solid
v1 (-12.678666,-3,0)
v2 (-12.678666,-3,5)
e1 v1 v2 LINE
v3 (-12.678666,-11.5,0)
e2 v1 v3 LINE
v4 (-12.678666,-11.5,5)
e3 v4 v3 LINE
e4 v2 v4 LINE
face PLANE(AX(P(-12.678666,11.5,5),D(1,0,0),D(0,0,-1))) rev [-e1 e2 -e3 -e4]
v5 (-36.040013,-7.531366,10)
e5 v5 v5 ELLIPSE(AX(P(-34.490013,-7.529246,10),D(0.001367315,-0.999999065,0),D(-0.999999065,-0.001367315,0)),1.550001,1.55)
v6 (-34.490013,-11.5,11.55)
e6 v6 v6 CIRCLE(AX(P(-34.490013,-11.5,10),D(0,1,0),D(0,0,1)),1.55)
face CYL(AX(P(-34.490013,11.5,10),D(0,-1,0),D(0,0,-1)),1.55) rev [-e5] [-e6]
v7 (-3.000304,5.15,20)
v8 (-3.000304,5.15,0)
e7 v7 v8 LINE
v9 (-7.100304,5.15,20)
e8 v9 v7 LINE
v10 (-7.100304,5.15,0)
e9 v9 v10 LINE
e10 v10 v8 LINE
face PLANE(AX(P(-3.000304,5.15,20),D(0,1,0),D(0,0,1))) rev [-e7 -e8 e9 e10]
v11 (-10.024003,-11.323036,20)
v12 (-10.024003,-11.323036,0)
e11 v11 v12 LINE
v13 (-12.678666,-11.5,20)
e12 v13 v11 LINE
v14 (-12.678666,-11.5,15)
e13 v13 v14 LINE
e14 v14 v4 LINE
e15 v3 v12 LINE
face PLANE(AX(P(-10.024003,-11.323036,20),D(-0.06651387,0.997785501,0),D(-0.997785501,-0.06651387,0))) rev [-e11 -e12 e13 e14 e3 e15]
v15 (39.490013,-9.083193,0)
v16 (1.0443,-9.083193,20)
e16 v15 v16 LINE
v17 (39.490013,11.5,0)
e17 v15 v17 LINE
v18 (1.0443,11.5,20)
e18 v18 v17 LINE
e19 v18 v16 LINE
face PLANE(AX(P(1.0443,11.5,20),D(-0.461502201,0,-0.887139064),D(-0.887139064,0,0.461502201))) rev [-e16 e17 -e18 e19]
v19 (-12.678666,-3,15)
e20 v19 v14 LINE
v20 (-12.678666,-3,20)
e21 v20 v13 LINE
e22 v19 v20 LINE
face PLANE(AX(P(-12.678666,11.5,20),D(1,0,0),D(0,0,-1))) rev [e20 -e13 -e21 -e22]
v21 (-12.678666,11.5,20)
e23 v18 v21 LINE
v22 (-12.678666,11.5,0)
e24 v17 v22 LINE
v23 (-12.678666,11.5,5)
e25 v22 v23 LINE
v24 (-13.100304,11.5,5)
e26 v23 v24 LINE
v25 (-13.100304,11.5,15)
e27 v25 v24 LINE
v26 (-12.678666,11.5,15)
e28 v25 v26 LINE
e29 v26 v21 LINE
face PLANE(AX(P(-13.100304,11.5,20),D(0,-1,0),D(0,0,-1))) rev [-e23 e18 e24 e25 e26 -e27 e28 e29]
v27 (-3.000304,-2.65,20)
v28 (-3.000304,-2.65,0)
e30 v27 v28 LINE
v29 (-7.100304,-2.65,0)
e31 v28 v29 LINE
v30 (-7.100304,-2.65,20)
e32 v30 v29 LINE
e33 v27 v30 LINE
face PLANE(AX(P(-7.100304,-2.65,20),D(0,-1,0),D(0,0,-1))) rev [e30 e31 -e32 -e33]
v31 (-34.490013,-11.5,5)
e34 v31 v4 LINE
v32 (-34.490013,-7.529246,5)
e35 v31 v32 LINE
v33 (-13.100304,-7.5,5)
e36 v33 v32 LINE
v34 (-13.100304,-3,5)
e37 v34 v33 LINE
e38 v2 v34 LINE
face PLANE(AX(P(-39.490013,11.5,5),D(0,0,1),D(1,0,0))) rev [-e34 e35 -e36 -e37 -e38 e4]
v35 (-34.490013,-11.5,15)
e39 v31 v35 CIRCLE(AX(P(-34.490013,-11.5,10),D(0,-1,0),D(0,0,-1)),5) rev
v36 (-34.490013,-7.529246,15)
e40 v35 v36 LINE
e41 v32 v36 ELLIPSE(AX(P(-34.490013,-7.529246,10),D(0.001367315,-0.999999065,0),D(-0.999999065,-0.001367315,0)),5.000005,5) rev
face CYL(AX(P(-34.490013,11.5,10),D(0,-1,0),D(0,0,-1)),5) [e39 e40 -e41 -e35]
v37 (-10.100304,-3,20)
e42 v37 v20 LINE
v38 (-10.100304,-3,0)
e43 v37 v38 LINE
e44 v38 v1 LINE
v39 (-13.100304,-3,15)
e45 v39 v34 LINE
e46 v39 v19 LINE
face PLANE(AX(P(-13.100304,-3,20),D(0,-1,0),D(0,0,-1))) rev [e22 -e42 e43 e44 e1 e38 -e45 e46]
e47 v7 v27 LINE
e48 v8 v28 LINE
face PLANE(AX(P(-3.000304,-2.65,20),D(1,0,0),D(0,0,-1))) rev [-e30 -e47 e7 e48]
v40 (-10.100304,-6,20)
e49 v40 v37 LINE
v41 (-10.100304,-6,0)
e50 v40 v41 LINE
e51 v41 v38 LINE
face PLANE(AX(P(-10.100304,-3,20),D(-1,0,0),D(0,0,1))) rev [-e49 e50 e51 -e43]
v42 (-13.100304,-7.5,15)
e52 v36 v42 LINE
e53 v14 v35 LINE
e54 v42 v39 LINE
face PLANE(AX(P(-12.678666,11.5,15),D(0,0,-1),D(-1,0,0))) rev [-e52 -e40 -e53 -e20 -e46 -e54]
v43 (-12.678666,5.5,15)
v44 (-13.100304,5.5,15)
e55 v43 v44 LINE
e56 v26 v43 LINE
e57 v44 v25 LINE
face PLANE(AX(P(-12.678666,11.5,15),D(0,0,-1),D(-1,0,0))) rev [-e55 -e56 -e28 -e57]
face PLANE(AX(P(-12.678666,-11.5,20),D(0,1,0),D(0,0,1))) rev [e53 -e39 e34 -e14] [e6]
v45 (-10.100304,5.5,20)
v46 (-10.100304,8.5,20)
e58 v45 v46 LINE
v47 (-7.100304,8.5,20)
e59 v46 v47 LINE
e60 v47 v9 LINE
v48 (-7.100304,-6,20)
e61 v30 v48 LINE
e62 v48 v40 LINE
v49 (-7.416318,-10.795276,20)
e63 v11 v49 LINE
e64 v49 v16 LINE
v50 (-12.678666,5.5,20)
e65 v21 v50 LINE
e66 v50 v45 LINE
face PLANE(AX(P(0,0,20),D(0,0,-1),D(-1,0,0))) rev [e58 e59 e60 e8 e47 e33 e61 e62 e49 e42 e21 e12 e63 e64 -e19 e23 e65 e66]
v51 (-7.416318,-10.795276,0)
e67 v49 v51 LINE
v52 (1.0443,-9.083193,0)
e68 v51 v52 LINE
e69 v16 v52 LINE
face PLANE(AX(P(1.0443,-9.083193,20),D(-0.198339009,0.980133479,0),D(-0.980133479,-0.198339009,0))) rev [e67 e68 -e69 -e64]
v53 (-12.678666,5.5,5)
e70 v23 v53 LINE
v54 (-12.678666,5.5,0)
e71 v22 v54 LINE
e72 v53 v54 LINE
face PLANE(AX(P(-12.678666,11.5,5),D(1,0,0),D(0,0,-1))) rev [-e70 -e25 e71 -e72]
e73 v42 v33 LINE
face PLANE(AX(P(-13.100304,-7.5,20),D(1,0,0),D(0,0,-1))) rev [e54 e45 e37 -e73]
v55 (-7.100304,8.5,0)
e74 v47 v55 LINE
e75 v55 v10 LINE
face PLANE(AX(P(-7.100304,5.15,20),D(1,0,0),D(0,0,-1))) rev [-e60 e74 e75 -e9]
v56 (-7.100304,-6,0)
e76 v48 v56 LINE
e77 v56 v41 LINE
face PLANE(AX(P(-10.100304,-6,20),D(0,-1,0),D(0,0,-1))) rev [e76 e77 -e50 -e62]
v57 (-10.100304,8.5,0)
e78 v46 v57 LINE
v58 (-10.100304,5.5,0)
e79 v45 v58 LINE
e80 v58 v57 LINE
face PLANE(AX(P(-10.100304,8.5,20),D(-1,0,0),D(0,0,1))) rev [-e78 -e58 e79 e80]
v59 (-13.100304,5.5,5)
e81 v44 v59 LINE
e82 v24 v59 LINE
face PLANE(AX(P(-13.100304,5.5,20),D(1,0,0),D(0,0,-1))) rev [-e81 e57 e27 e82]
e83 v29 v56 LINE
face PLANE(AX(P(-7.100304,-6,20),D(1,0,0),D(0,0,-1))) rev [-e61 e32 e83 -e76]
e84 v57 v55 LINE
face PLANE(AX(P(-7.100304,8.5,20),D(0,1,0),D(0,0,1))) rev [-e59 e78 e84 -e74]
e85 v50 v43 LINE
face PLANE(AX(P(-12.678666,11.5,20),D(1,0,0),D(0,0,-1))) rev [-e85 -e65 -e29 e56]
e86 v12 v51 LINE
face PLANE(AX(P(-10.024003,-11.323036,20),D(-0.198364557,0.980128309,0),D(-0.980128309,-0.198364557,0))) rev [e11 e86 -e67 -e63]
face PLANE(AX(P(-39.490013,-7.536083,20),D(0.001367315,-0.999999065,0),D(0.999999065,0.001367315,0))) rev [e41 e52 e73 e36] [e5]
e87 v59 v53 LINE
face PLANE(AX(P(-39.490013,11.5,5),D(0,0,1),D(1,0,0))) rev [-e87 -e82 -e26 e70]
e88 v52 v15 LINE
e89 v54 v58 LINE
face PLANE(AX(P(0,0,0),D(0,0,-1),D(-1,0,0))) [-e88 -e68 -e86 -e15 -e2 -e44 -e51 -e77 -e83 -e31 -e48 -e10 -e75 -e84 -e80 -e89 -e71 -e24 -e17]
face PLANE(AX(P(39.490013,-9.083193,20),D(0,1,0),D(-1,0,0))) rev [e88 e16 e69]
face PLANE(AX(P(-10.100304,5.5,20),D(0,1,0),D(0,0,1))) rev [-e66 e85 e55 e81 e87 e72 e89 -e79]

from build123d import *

# Parameters (mm, degrees)
EXTRUDE_1_DEPTH          = 20
CUT_EXTRUDE_1_DEPTH      = 49.817301935
CUT_EXTRUDE_1_DEPTH_BACK = 49.817301935
CUT_EXTRUDE_2_DEPTH      = 50.88447801
CUT_EXTRUDE_2_DEPTH_BACK = 50.88447801
SKETCH_3_W               = 26.81134726
SKETCH_3_H               = 5
CUT_EXTRUDE_3_DEPTH      = 50.88447801
CUT_EXTRUDE_3_DEPTH_BACK = 50.88447801
CUT_EXTRUDE_4_DEPTH      = 50.88447801
CUT_EXTRUDE_4_DEPTH_BACK = 50.88447801
SKETCH_5_R               = 1.55


with BuildPart() as part:
    # 草图1 → 凸台-拉伸1 (new body)
    with BuildSketch(Plane.XY):
        Polygon((-13.100304314, 11.5), (39.490013248, 11.5), (39.490013248, -9.083192704), (1.044300056, -9.083192704), (-7.416317872, -10.795276425), (-10.024002967, -11.323036202), (-12.678665988, -11.5), (-39.490013248, -11.5), (-39.490013248, -7.536083067), (-13.100304314, -7.5), (-13.100304314, -3), (-10.100304314, -3), (-10.100304314, -6), (-7.100304314, -6), (-7.100304314, -2.65), (-3.000304314, -2.65), (-3.000304314, 5.15), (-7.100304314, 5.15), (-7.100304314, 8.5), (-10.100304314, 8.5), (-10.100304314, 5.5), (-13.100304314, 5.5), align=None)
    extrude(amount=EXTRUDE_1_DEPTH)

    # 草图2 → 切除-拉伸1 (cut, two sides: drawn at the far end of the back side and taken through both)
    with BuildSketch(Plane.XZ.offset(9.083192704).offset(-CUT_EXTRUDE_1_DEPTH_BACK)):
        Polygon((1.044300056, 20), (39.490013248, 0), (39.490013248, 20), align=None)
    extrude(amount=CUT_EXTRUDE_1_DEPTH + CUT_EXTRUDE_1_DEPTH_BACK, mode=Mode.SUBTRACT)

    # 草图3 → 切除-拉伸2 (cut, two sides: drawn at the far end of the back side and taken through both)
    with BuildSketch(Plane.XZ.offset(11.5).offset(-CUT_EXTRUDE_2_DEPTH_BACK)):
        with Locations((-26.084339618, 17.5)):
            Rectangle(SKETCH_3_W, SKETCH_3_H)
        with Locations((-26.084339618, 2.5)):
            Rectangle(SKETCH_3_W, SKETCH_3_H)
    extrude(amount=CUT_EXTRUDE_2_DEPTH + CUT_EXTRUDE_2_DEPTH_BACK, mode=Mode.SUBTRACT)

    # 草图4 → 切除-拉伸3 (cut, two sides: drawn at the far end of the back side and taken through both)
    with BuildSketch(Plane.XZ.offset(11.5).offset(-CUT_EXTRUDE_3_DEPTH_BACK)):
        with BuildLine():
            ThreePointArc((-39.490013248, 10), (-38.025547154, 13.535533906), (-34.490013248, 15))
            Line((-34.490013248, 15), (-39.490013248, 15))
            Line((-39.490013248, 15), (-39.490013248, 10))
        make_face()
        with BuildLine():
            ThreePointArc((-34.490013248, 5), (-38.025547154, 6.464466094), (-39.490013248, 10))
            Line((-39.490013248, 10), (-39.490013248, 5))
            Line((-39.490013248, 5), (-34.490013248, 5))
        make_face()
    extrude(amount=CUT_EXTRUDE_3_DEPTH + CUT_EXTRUDE_3_DEPTH_BACK, mode=Mode.SUBTRACT)

    # 草图5 → 切除-拉伸4 (cut, two sides: drawn at the far end of the back side and taken through both)
    with BuildSketch(Plane.XZ.offset(11.5).offset(-CUT_EXTRUDE_4_DEPTH_BACK)):
        with Locations(Location((-34.490013248, 10, 0), (0, 0, 180))):
            Circle(SKETCH_5_R)
    extrude(amount=CUT_EXTRUDE_4_DEPTH + CUT_EXTRUDE_4_DEPTH_BACK, mode=Mode.SUBTRACT)


solid = part.part
